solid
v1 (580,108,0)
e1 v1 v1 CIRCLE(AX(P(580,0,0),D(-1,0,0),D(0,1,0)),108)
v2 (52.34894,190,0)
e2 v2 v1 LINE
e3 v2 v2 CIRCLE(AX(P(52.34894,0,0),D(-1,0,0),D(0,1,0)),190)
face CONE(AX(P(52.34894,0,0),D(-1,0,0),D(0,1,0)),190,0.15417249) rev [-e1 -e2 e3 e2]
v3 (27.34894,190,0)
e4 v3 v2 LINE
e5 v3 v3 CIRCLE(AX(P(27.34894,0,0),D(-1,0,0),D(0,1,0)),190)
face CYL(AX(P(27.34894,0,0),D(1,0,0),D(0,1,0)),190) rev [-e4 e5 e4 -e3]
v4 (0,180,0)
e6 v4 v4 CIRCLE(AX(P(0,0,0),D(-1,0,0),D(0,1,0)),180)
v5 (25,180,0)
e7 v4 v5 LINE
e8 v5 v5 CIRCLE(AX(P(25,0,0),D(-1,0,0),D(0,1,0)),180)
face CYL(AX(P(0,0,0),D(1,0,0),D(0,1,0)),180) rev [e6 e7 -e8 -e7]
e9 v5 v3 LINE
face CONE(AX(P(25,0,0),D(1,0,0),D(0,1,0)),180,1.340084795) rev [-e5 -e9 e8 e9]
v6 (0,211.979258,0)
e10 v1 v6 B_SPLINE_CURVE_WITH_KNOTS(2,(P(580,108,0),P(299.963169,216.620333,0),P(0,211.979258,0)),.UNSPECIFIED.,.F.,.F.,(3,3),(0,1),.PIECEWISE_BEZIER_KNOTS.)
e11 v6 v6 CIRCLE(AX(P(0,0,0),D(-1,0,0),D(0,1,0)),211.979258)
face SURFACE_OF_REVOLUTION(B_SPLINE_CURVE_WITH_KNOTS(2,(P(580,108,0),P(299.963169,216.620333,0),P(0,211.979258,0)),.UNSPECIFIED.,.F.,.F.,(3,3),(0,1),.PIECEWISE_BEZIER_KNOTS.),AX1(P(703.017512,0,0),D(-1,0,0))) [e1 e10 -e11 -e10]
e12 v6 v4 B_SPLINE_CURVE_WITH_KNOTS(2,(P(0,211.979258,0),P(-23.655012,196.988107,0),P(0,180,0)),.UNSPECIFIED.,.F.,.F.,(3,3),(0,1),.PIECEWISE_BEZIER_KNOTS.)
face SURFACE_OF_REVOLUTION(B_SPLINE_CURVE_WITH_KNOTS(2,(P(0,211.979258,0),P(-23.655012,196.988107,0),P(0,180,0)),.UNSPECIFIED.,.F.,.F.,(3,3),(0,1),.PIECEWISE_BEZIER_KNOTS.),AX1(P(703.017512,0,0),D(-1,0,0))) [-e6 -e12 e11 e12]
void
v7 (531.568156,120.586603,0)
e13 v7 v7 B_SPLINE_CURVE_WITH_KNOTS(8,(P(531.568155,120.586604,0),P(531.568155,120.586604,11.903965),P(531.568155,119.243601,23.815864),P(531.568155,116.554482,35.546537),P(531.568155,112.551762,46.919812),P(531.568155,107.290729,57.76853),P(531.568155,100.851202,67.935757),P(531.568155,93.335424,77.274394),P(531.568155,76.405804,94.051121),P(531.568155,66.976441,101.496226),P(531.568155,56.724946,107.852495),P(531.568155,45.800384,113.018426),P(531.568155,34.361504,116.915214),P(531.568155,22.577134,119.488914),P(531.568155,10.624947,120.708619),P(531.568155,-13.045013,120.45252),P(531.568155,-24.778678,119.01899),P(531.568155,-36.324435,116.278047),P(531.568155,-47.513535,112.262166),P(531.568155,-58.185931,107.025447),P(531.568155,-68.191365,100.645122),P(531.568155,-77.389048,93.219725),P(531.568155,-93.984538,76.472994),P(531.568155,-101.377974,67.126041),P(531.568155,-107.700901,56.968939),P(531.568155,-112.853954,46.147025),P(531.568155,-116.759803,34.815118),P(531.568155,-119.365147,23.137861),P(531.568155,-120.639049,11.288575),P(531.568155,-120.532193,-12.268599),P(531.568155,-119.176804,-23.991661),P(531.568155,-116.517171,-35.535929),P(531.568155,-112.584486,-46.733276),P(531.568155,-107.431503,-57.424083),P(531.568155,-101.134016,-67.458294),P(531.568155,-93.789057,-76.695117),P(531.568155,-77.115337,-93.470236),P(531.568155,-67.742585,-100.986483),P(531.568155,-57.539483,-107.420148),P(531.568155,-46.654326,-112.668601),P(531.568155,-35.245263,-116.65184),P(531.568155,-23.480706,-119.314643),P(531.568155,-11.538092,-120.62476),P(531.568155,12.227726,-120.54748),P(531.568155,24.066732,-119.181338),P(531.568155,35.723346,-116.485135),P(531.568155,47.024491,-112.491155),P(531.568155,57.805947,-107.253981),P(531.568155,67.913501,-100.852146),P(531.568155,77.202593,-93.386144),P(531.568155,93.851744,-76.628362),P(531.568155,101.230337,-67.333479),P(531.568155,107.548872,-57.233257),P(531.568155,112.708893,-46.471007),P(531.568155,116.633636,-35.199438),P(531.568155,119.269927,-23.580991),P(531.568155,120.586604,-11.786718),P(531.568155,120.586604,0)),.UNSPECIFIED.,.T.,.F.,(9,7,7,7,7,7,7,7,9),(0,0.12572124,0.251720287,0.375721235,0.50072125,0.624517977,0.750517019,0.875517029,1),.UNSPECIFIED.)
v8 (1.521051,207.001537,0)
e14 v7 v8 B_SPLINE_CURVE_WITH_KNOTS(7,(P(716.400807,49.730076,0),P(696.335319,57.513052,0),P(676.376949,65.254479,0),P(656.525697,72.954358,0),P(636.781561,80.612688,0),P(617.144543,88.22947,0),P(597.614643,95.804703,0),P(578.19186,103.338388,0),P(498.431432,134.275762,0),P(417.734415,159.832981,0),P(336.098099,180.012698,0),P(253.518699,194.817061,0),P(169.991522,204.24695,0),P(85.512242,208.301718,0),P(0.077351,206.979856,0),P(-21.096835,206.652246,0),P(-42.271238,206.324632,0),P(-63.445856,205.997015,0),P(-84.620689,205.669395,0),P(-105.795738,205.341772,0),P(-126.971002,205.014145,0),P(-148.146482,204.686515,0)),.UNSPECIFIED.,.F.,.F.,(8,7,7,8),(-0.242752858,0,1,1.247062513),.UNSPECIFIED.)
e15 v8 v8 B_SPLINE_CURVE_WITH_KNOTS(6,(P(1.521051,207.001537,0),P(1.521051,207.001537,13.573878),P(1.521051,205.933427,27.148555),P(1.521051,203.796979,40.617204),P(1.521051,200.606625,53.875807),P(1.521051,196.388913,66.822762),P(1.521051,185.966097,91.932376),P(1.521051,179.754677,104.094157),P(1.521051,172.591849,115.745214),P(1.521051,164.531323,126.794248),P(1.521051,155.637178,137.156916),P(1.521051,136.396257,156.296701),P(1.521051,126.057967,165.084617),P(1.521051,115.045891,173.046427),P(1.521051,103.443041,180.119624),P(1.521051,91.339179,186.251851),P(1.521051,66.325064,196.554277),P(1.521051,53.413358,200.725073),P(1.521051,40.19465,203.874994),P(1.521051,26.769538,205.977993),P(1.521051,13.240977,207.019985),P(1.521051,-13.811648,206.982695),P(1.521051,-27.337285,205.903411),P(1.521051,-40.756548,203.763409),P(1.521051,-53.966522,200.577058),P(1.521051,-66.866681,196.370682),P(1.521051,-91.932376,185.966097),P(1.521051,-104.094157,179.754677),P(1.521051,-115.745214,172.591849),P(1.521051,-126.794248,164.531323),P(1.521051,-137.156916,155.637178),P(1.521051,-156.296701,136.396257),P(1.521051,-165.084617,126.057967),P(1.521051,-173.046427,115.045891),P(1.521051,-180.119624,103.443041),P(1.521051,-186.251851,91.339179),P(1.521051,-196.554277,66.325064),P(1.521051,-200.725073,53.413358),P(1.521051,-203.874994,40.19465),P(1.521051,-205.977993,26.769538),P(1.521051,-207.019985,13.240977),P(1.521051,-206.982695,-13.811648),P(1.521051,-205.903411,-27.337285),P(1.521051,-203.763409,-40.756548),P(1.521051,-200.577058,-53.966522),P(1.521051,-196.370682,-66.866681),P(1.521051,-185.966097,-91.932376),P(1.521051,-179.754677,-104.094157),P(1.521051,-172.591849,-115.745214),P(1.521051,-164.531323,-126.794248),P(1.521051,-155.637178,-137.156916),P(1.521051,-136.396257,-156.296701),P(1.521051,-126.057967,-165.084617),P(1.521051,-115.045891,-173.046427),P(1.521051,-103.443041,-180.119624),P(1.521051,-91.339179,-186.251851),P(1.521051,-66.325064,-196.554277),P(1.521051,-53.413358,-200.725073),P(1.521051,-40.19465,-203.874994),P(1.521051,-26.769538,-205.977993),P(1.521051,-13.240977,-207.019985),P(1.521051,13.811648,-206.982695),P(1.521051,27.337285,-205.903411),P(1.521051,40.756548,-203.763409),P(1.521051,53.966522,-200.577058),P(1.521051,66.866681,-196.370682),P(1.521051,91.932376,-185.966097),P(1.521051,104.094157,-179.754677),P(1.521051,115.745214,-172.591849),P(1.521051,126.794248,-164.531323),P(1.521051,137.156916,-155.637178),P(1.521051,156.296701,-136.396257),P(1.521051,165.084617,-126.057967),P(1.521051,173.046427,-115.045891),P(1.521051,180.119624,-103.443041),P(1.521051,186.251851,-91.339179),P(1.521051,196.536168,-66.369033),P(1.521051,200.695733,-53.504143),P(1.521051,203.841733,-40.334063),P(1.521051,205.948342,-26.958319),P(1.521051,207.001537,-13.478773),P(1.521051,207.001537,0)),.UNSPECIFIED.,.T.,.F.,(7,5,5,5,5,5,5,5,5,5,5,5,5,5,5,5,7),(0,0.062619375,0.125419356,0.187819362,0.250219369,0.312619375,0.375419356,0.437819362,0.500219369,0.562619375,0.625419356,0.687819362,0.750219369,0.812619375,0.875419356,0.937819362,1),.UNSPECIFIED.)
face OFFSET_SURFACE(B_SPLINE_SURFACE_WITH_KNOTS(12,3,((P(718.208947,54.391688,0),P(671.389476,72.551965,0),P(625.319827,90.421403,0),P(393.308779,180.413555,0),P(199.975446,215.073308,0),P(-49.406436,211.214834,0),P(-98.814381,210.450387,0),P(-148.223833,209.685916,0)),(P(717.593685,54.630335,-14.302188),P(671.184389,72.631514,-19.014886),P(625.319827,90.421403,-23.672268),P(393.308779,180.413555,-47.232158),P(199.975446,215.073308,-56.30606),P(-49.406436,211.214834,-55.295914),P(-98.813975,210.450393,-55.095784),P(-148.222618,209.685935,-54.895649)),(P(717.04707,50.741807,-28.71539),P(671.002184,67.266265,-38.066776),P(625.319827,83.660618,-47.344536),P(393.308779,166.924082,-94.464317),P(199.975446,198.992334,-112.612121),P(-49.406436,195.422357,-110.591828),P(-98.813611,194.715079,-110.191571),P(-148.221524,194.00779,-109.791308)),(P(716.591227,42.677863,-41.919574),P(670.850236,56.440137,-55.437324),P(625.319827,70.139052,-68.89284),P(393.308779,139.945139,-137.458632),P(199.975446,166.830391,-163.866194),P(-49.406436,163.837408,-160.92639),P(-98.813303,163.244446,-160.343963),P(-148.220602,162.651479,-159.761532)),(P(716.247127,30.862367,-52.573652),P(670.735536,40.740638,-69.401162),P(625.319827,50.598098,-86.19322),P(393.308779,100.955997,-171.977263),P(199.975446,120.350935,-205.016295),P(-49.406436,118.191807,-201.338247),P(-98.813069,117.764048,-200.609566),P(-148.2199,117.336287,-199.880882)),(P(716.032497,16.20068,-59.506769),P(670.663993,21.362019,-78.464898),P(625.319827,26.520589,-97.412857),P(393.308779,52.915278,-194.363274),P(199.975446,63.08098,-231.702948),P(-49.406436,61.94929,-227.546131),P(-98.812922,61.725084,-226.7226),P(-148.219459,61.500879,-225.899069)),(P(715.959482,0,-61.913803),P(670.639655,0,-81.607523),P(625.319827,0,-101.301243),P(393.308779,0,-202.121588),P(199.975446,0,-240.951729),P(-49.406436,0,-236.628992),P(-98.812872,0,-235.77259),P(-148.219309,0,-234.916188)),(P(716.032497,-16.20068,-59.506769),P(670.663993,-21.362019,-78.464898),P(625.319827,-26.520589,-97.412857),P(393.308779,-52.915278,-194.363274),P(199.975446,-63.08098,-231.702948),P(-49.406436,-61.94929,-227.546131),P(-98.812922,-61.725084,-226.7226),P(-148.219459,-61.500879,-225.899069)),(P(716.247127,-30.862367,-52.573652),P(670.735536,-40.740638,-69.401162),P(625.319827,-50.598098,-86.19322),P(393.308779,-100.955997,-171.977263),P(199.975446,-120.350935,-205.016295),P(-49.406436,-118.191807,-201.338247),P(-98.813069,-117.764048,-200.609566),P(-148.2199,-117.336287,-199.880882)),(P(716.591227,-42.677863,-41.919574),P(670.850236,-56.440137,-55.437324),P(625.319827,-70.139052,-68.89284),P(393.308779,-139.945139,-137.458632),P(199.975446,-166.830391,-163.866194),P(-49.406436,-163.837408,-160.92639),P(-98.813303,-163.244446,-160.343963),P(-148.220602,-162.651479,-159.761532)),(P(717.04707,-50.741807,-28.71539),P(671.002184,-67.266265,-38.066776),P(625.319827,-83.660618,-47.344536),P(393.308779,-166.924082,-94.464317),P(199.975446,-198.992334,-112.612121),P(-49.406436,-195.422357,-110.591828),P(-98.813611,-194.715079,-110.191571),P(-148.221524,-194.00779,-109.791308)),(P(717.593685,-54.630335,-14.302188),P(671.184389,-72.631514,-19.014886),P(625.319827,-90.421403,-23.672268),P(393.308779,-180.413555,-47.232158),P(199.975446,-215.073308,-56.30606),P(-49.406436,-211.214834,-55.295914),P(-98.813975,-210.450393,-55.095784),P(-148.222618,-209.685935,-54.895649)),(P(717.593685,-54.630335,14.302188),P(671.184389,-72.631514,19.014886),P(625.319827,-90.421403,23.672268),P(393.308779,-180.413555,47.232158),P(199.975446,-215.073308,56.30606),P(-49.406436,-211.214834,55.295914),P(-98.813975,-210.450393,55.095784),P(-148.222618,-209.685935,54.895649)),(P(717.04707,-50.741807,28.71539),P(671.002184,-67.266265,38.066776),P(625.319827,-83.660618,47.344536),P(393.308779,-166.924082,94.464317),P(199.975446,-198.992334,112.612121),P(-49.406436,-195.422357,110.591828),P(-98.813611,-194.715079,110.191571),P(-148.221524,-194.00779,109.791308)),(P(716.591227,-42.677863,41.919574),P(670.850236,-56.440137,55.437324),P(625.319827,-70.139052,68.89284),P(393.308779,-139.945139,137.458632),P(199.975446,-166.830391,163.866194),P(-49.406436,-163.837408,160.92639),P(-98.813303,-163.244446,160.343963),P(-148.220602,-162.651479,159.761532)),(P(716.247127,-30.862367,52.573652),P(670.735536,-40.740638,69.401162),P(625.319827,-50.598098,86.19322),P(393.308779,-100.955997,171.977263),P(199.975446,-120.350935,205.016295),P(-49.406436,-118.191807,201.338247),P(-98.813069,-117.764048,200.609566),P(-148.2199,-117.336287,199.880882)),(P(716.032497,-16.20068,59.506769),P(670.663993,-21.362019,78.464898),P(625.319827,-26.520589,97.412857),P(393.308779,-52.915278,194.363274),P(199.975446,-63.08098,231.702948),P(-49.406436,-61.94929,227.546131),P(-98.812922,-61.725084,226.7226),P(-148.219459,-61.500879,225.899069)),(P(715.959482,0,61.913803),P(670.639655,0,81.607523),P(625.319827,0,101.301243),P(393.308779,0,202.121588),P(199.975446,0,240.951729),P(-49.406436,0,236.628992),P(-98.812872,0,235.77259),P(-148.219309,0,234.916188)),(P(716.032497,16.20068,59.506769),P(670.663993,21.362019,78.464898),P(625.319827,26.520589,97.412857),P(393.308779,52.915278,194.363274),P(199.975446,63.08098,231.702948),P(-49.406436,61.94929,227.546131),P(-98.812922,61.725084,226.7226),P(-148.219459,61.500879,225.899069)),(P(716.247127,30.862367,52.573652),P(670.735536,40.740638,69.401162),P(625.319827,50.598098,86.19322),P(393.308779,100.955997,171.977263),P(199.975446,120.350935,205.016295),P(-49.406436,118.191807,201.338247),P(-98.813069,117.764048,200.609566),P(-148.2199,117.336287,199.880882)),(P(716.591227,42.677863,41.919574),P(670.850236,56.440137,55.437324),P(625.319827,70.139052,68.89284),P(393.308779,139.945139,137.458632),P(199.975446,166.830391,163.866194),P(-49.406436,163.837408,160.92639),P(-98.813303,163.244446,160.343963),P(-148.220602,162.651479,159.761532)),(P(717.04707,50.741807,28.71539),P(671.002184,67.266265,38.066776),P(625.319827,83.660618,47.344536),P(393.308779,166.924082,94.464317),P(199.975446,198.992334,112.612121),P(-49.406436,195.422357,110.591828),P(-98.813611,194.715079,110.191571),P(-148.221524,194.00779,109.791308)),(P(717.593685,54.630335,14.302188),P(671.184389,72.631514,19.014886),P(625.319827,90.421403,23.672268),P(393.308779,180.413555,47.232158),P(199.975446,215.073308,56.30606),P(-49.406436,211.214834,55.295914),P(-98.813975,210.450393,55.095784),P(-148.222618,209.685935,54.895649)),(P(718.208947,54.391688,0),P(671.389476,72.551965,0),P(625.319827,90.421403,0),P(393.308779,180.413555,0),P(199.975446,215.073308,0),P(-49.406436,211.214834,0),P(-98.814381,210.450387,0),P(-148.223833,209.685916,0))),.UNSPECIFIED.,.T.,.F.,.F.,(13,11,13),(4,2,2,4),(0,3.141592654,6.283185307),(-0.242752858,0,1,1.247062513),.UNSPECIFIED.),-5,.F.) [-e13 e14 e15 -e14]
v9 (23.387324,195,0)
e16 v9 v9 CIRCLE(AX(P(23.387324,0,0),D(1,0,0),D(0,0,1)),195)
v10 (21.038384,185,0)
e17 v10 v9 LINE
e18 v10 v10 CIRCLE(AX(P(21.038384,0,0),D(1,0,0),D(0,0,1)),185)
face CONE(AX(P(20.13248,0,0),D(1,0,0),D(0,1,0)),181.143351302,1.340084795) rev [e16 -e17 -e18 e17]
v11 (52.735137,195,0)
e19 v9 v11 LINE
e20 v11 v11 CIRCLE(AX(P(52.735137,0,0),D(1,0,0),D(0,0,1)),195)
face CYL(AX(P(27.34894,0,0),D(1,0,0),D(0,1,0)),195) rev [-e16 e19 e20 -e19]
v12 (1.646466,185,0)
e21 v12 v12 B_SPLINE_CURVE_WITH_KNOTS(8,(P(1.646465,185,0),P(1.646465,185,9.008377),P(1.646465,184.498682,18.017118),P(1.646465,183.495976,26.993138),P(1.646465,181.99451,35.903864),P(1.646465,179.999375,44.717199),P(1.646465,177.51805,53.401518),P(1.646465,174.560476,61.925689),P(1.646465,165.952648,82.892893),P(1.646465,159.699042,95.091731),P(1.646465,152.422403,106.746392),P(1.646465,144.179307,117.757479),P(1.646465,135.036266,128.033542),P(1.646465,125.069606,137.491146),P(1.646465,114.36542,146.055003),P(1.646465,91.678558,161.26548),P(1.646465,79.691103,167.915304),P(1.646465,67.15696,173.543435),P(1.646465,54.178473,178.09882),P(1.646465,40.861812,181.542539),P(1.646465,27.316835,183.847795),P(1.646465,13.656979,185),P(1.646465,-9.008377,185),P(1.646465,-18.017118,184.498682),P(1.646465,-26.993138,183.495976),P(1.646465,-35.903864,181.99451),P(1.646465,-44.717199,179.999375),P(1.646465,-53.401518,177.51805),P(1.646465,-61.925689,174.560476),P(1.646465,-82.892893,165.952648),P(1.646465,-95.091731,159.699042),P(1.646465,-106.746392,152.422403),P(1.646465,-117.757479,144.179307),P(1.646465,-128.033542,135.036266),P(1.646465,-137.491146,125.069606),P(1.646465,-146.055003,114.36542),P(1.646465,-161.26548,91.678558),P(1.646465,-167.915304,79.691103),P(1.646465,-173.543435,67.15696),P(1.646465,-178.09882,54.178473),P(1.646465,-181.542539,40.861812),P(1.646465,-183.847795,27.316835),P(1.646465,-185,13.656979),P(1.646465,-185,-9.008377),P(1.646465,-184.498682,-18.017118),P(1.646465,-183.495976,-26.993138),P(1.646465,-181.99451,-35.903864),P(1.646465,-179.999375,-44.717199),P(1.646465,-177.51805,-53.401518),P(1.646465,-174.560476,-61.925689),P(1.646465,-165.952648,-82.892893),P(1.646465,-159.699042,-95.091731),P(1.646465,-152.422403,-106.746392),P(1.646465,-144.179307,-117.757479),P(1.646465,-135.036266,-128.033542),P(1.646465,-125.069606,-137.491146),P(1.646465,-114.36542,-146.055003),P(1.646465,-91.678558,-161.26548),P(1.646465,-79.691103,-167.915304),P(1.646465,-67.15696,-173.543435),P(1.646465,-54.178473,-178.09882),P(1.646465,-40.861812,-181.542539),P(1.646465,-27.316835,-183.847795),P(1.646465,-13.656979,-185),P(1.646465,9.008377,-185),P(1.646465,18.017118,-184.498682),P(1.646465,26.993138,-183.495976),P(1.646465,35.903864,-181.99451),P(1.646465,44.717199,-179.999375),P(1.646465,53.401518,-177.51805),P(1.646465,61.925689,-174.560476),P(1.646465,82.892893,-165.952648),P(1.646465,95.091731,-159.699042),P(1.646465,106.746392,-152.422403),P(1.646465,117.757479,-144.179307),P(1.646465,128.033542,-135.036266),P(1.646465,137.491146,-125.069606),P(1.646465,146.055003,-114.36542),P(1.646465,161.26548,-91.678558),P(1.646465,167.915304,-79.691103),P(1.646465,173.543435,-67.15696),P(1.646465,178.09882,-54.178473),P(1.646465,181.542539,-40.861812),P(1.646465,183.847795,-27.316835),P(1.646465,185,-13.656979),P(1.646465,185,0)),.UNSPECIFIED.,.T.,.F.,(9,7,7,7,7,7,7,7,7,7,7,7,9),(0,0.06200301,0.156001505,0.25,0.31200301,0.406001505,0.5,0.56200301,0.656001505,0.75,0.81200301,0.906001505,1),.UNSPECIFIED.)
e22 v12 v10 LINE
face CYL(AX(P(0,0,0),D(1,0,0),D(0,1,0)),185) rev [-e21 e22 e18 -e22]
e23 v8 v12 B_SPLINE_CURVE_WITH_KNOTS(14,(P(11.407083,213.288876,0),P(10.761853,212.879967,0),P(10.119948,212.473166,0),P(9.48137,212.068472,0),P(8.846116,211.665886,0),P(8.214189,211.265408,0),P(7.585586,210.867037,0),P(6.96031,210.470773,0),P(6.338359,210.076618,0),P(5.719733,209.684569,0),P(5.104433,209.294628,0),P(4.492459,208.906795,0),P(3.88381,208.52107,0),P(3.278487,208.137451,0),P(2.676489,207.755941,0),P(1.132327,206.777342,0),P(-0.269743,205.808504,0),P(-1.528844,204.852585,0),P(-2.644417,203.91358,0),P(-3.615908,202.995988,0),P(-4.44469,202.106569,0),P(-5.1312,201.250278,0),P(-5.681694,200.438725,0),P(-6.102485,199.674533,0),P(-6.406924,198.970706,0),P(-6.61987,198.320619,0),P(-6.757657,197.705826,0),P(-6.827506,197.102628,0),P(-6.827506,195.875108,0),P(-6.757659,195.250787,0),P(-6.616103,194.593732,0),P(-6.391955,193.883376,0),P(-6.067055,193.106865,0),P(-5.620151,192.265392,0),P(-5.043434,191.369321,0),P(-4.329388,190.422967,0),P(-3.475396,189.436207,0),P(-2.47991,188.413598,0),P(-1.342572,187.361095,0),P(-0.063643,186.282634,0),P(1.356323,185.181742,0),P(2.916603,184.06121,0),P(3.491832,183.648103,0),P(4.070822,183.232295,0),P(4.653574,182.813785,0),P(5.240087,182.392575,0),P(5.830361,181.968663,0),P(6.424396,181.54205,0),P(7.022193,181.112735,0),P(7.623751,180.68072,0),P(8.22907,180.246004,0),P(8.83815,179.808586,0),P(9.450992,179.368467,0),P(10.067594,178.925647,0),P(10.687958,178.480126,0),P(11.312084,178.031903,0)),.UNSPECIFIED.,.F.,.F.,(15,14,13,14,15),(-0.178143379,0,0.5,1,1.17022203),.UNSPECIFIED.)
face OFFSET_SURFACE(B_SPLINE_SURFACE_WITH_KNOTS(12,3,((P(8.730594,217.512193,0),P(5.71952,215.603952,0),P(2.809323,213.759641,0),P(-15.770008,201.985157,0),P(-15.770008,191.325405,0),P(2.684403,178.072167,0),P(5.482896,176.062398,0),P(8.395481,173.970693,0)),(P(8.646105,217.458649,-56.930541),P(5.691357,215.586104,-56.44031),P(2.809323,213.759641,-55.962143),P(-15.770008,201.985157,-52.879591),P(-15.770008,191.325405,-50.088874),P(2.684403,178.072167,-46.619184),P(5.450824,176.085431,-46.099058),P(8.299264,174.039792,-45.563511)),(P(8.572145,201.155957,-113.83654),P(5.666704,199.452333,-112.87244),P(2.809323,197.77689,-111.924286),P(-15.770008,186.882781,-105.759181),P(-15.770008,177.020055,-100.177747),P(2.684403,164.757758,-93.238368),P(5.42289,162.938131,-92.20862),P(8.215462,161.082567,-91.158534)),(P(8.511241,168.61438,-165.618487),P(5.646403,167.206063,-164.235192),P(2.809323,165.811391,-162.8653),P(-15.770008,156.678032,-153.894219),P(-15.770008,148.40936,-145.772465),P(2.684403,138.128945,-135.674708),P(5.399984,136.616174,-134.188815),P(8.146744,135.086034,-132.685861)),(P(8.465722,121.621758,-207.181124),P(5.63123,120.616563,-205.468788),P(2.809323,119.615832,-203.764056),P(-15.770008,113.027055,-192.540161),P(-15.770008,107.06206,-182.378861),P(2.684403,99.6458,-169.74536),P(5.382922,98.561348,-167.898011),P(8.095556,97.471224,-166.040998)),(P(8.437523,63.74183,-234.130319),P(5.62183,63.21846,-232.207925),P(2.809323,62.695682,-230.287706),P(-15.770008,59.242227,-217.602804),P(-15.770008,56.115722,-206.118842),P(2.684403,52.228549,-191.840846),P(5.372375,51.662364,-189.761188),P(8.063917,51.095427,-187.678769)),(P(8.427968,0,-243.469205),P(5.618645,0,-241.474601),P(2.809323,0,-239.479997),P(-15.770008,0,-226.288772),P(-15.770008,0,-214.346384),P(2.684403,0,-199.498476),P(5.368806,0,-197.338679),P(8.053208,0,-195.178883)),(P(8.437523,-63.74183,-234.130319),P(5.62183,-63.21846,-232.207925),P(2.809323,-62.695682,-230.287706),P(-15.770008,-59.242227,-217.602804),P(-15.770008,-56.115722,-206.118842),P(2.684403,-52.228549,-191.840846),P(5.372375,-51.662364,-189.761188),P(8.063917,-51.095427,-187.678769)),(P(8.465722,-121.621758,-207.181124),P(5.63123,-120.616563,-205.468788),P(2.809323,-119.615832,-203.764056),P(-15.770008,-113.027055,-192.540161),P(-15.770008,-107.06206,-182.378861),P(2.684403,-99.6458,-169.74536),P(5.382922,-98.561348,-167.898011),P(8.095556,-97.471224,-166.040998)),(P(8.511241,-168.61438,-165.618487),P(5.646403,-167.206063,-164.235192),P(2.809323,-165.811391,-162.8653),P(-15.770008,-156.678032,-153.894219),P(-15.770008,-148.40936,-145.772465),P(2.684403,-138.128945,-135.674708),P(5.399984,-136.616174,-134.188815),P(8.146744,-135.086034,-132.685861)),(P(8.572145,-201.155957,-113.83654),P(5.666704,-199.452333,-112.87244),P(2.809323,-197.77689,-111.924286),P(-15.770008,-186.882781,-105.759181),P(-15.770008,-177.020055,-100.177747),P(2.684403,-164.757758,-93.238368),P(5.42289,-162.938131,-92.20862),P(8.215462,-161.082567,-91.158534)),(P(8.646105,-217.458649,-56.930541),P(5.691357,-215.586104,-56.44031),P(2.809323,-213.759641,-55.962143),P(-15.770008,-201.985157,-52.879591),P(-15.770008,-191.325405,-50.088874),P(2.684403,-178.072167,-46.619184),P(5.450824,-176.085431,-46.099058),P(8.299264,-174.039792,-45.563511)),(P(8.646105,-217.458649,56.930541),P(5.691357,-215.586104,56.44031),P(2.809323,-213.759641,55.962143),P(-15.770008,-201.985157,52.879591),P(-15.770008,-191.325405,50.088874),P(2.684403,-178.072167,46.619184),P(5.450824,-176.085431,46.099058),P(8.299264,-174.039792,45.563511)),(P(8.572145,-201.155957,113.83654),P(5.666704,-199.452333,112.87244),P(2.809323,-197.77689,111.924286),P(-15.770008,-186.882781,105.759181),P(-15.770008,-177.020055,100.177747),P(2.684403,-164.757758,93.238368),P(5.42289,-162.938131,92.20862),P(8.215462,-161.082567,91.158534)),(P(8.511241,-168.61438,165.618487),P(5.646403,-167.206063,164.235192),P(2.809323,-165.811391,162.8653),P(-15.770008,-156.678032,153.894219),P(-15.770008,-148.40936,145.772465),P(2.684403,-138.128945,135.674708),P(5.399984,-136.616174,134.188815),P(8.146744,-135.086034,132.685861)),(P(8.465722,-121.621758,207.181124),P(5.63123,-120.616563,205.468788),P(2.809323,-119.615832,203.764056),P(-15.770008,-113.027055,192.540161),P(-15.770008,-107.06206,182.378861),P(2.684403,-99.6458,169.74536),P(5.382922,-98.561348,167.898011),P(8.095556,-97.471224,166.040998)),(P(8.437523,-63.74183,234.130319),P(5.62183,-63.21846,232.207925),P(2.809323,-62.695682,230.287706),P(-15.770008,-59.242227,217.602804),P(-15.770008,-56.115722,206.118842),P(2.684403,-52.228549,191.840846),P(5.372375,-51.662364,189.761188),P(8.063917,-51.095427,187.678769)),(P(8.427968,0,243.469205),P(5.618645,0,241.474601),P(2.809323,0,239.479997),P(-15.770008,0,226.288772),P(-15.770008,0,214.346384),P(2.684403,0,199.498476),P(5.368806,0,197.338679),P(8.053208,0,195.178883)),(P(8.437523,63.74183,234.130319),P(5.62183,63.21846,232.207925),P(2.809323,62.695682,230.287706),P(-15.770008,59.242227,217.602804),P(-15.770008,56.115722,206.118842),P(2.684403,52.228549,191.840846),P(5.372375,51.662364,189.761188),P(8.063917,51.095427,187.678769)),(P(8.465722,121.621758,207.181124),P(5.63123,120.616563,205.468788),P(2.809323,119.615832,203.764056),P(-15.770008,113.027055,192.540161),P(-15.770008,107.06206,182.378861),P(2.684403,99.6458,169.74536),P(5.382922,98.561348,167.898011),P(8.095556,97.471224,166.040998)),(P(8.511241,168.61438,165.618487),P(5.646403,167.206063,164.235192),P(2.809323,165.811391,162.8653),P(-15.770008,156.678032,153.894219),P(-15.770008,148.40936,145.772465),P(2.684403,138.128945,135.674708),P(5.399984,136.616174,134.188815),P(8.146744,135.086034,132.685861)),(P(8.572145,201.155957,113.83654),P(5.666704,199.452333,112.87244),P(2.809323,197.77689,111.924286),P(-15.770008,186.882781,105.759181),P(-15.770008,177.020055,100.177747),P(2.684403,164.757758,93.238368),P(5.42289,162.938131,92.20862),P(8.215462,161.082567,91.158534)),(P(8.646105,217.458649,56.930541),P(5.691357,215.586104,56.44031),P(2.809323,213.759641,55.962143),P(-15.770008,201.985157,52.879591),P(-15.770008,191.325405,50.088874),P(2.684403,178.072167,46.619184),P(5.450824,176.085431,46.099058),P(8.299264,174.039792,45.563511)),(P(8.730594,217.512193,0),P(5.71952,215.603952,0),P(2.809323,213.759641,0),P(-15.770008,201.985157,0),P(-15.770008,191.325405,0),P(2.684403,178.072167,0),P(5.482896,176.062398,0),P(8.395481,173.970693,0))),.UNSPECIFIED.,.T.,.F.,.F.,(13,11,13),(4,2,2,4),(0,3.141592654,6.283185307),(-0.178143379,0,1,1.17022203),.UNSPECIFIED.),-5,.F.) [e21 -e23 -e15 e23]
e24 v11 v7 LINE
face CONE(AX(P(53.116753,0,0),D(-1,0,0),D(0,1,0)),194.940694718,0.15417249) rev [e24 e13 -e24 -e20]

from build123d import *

# Parameters (mm, degrees)
POGRUB1_T2 = 5


with BuildPart() as body_1:
    # Powierzchnia-Obrót1: a surface, the sketch's curves turned about an axis
    with BuildLine(Plane.XY, mode=Mode.PRIVATE) as powierzchnia_obr_t1_1_path:
        Line((0, 180), (25, 180))
        Line((25, 180), (27.348940277, 190))
        Line((27.348940277, 190), (52.348940277, 190))
        Line((52.348940277, 190), (580, 108))
        add(Edge.make_bspline(
            [(580, 108), (299.963168812, 216.620332984), (0, 211.979257711)],
            knots=[0, 0, 0, 1, 1, 1], degree=2))
        add(Edge.make_bspline(
            [(0, 211.979257711), (-23.655011993, 196.988106973), (0, 180)],
            knots=[0, 0, 0, 1, 1, 1], degree=2))
    powierzchnia_obr_t1_1 = Shell.revolve(powierzchnia_obr_t1_1_path.wire(), 360, Axis((703.017512155, 0, 0), (-1, 0, 0)))
    add(Solid.thicken(powierzchnia_obr_t1_1, -POGRUB1_T2))


solid = body_1.part
